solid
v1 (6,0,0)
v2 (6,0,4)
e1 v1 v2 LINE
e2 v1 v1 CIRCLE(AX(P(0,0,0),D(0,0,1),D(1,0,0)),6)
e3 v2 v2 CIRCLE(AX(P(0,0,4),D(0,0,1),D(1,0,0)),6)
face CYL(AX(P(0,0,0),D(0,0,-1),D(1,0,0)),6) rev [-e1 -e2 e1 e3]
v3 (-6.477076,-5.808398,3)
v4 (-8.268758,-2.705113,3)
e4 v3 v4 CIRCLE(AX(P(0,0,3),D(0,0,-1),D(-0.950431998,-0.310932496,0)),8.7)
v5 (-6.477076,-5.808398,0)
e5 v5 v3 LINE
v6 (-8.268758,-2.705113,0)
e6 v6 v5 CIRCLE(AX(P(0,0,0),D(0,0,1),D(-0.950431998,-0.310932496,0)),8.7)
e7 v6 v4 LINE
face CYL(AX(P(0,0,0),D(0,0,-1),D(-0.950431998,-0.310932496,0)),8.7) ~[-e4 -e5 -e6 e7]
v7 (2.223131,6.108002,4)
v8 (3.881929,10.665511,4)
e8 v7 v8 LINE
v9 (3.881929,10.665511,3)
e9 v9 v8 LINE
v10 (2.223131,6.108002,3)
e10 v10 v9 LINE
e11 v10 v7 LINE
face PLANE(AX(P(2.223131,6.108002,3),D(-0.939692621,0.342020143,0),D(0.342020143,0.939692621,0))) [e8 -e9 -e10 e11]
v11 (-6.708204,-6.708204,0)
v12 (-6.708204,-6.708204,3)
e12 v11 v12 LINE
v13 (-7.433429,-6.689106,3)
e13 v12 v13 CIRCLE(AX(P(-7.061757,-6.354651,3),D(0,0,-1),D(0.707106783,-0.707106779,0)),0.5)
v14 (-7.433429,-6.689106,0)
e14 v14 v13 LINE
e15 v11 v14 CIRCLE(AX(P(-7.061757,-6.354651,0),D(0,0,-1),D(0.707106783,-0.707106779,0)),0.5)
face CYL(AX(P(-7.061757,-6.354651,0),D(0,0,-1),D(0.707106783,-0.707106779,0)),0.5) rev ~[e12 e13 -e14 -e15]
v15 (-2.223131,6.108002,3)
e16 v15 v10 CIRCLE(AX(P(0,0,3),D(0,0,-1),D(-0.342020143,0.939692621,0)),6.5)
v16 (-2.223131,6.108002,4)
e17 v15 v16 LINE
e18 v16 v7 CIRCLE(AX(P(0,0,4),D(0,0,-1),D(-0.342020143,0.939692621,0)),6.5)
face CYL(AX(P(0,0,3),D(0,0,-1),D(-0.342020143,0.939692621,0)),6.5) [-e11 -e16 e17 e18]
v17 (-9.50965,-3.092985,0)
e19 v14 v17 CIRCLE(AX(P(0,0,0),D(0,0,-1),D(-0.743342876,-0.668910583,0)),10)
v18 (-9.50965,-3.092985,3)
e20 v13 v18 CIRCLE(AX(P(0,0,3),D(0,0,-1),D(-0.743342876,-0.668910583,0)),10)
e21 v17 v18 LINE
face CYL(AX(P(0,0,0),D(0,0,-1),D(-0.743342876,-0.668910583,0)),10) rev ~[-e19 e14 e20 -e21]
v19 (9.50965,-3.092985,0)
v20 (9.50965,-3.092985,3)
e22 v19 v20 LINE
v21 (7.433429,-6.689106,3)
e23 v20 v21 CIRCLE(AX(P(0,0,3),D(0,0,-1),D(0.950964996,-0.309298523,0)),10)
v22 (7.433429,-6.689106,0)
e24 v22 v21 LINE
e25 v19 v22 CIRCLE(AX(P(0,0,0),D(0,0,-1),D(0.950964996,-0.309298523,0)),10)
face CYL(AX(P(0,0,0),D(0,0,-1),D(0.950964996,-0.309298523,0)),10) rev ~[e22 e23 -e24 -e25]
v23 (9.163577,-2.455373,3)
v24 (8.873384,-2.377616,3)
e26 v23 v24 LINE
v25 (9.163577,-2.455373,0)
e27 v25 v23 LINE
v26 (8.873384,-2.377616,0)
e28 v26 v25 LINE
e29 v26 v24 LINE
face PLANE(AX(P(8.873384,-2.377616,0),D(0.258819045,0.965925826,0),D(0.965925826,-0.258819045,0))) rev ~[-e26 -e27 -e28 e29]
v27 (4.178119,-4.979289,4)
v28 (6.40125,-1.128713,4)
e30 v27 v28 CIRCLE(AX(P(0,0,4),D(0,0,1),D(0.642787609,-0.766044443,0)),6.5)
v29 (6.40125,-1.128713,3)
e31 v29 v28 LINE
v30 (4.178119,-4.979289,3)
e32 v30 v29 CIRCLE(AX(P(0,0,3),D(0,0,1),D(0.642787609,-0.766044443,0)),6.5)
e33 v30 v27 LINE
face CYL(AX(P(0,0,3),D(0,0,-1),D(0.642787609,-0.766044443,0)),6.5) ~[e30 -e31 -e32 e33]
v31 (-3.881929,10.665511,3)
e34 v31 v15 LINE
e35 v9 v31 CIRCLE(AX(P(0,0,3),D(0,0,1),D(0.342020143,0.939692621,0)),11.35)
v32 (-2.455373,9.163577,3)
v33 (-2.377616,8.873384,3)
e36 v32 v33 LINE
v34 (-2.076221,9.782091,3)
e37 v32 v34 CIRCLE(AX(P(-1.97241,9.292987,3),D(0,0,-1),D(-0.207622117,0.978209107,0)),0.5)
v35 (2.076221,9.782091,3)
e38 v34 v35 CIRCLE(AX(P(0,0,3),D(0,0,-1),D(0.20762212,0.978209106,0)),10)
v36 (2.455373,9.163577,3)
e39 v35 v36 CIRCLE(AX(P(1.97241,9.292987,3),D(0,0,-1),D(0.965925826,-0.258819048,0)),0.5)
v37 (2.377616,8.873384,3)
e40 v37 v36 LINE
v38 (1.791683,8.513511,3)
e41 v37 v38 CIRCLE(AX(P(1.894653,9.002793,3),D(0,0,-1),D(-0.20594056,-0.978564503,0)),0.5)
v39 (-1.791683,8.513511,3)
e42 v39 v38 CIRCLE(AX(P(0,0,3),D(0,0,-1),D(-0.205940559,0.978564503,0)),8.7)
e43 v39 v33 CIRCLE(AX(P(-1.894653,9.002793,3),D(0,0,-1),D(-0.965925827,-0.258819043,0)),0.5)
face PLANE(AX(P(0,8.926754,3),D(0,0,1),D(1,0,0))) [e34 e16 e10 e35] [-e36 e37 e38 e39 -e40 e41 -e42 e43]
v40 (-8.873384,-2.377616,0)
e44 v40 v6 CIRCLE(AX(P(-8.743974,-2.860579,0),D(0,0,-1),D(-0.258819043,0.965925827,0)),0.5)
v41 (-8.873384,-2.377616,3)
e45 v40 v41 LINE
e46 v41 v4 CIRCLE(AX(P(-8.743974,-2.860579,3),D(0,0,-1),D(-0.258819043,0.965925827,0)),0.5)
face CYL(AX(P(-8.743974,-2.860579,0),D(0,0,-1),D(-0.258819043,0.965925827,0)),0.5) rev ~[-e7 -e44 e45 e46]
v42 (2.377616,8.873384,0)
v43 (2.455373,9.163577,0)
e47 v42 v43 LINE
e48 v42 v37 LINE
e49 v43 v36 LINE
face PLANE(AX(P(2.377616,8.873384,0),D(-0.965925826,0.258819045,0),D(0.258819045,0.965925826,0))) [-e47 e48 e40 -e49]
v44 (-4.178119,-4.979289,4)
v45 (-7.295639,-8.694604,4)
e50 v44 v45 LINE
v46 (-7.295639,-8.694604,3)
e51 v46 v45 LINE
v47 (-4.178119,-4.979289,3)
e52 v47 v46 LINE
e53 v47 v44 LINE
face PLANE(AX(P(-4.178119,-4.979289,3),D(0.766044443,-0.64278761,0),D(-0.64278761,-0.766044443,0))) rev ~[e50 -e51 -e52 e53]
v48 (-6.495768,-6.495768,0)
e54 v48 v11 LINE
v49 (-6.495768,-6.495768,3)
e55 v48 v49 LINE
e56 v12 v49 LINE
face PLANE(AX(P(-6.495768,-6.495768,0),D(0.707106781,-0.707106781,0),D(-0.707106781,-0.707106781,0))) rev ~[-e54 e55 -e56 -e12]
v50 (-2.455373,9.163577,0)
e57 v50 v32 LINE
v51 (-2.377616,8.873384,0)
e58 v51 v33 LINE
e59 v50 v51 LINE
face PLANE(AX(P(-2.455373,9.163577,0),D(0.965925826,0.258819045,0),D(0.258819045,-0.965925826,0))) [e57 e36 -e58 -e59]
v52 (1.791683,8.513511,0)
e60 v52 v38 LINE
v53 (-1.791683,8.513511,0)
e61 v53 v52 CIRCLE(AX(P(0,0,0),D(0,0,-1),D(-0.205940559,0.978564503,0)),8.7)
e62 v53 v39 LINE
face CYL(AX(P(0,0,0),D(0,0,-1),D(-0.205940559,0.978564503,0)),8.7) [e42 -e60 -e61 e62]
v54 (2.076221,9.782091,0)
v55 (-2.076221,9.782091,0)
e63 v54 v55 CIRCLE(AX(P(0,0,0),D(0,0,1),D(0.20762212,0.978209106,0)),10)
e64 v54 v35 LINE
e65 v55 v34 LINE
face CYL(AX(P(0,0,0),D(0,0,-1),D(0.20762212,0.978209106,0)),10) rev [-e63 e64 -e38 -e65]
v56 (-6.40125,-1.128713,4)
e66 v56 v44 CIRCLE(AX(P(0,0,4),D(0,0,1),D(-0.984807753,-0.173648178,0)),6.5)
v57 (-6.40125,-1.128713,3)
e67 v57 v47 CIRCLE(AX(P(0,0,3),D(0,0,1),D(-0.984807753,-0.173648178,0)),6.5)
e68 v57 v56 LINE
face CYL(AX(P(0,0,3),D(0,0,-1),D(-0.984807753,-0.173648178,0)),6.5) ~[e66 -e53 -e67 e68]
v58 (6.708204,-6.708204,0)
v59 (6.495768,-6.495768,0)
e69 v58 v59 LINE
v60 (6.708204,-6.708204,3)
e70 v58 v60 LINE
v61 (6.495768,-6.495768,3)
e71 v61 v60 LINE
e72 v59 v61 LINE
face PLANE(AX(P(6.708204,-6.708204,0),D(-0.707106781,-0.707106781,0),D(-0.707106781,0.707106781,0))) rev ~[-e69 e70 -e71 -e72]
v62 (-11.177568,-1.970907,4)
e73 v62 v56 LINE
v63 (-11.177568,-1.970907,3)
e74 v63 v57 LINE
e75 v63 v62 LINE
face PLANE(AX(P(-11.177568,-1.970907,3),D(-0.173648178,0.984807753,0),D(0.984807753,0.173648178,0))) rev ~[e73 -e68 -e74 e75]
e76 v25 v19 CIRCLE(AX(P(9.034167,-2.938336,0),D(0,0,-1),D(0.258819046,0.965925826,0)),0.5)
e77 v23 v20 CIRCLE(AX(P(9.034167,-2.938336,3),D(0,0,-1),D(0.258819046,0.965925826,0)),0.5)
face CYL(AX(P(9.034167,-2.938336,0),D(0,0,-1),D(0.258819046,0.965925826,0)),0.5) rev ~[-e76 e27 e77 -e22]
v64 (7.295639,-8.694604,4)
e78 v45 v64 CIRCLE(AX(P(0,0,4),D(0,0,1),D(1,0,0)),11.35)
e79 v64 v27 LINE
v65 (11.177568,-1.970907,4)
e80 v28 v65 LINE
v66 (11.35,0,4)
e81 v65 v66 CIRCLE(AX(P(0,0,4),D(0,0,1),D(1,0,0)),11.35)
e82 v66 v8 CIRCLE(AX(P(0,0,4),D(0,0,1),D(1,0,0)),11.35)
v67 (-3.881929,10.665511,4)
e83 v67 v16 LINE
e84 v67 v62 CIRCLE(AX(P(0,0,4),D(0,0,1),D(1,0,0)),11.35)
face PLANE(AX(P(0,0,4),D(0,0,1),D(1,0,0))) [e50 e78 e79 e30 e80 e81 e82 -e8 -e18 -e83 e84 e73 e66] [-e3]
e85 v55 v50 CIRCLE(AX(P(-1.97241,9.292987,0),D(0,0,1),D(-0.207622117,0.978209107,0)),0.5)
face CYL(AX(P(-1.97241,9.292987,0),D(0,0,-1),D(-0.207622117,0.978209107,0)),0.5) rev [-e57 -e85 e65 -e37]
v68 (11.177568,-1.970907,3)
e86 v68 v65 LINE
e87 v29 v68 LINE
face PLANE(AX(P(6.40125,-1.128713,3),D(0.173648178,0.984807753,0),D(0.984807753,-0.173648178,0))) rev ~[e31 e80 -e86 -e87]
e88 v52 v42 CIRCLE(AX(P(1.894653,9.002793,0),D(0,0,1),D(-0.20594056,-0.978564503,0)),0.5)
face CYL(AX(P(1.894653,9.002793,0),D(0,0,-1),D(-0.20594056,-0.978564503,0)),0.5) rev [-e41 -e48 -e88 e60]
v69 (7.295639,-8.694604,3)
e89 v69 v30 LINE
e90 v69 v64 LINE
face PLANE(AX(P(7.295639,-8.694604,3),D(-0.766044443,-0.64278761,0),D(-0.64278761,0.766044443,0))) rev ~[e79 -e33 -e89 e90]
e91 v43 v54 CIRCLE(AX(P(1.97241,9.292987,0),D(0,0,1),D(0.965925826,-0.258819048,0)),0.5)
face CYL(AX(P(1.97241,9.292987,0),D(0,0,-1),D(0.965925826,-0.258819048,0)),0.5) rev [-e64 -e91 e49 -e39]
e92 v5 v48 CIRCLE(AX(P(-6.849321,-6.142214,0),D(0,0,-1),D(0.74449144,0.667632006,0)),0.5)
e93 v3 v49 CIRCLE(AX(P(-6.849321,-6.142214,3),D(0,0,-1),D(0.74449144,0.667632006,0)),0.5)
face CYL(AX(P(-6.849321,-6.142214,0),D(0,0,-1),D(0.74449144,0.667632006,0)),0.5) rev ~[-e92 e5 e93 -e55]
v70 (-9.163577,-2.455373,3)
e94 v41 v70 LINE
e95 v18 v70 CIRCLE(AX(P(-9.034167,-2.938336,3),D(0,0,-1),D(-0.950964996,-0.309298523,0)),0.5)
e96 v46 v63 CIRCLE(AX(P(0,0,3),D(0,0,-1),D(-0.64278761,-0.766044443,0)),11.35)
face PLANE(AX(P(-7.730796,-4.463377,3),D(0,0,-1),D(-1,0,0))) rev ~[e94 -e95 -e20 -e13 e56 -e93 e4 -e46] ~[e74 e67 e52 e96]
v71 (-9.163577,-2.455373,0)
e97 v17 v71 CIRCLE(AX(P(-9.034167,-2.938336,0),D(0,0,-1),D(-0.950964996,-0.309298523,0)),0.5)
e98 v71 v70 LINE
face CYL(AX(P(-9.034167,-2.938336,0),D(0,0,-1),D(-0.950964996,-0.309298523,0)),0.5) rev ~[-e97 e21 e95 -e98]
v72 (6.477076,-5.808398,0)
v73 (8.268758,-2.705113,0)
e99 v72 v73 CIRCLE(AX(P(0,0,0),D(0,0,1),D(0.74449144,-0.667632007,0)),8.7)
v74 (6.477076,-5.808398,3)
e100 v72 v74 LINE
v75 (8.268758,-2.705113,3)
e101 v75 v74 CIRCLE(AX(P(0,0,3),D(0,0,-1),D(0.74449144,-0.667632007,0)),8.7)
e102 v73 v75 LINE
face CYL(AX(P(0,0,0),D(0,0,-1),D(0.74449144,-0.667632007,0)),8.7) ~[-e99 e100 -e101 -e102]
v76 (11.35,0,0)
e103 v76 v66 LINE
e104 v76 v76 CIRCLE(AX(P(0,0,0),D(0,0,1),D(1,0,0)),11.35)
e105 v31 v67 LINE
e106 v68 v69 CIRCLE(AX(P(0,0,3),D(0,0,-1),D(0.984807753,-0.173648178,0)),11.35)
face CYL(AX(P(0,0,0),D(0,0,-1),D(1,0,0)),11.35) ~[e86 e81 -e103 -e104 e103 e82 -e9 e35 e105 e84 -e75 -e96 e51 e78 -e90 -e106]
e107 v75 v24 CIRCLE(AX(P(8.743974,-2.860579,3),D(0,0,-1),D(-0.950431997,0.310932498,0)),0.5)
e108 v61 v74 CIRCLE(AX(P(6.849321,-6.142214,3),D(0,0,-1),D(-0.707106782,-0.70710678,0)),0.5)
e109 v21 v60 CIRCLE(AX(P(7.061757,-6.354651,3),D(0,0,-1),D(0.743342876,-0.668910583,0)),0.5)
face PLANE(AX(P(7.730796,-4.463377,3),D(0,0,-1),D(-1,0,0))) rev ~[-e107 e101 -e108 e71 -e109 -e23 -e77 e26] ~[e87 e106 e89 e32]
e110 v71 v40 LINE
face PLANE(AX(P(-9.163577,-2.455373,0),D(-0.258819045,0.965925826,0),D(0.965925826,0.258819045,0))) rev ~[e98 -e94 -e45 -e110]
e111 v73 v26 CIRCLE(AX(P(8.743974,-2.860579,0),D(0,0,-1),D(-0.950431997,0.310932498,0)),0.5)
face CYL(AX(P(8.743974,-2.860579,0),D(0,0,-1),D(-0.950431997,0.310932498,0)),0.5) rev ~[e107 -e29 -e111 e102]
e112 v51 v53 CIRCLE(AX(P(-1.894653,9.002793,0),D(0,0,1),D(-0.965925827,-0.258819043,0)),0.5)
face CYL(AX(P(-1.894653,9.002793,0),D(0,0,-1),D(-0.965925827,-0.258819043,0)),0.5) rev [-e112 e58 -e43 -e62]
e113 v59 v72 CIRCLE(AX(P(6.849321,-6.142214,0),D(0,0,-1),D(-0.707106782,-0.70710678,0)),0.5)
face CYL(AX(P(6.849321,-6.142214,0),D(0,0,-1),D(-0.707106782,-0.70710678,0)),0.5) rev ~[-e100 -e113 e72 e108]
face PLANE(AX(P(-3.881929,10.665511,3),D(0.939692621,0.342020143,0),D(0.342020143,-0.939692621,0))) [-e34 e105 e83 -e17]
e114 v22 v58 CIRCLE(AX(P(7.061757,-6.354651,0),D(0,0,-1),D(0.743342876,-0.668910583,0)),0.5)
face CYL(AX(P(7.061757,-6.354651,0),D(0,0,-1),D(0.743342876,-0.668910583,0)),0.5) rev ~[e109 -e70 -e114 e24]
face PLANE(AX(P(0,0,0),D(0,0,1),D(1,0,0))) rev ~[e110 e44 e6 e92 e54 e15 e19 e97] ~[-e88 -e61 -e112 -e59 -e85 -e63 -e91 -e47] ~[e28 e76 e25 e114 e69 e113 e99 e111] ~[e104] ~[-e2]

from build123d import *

# Parameters (mm, degrees)
CROQUIS1_R              = 11.35
CROQUIS1_R_2            = 6
SALIENTE_EXTRUIR1_DEPTH = 4
CORTAR_EXTRUIR1_START   = -1
CORTAR_EXTRUIR1_DEPTH   = 1


with BuildPart() as part:
    # Croquis1 → Saliente-Extruir1 (new body)
    with BuildSketch(Plane.XY):
        Circle(CROQUIS1_R)
        Circle(CROQUIS1_R_2, mode=Mode.SUBTRACT)
        with BuildLine():
            Line((2.377616051, 8.873383904), (2.455373053, 9.163576986))
            ThreePointArc((2.455373053, 9.163576986), (2.398691549, 9.55429889), (2.0762212, 9.782091061))
            ThreePointArc((2.0762212, 9.782091061), (0, 10), (-2.0762212, 9.782091061))
            ThreePointArc((-2.0762212, 9.782091061), (-2.398691549, 9.55429889), (-2.455373053, 9.163576986))
            Line((-2.455373053, 9.163576986), (-2.377616051, 8.873383904))
            ThreePointArc((-2.377616051, 8.873383904), (-2.15633175, 8.576736735), (-1.791682859, 8.513511175))
            ThreePointArc((-1.791682859, 8.513511175), (0, 8.7), (1.791682859, 8.513511175))
            ThreePointArc((1.791682859, 8.513511175), (2.15633175, 8.576736735), (2.377616051, 8.873383904))
        make_face(mode=Mode.SUBTRACT)
        with BuildLine():
            Line((8.873383904, -2.377616051), (9.163576986, -2.455373053))
            ThreePointArc((9.163576986, -2.455373053), (9.473611328, -2.699821628), (9.509649961, -3.092985228))
            ThreePointArc((9.509649961, -3.092985228), (8.660254038, -5), (7.433428761, -6.689105834))
            ThreePointArc((7.433428761, -6.689105834), (7.074919779, -6.854477262), (6.708203932, -6.708203932))
            Line((6.708203932, -6.708203932), (6.495767853, -6.495767853))
            ThreePointArc((6.495767853, -6.495767853), (6.34950602, -6.155806442), (6.477075524, -5.808398459))
            ThreePointArc((6.477075524, -5.808398459), (7.534421013, -4.35), (8.268758383, -2.705112716))
            ThreePointArc((8.268758383, -2.705112716), (8.505837769, -2.420930294), (8.873383904, -2.377616051))
        make_face(mode=Mode.SUBTRACT)
        with BuildLine():
            Line((-6.495767853, -6.495767853), (-6.708203932, -6.708203932))
            ThreePointArc((-6.708203932, -6.708203932), (-7.074919779, -6.854477262), (-7.433428761, -6.689105834))
            ThreePointArc((-7.433428761, -6.689105834), (-8.660254038, -5), (-9.509649961, -3.092985228))
            ThreePointArc((-9.509649961, -3.092985228), (-9.473611328, -2.699821628), (-9.163576986, -2.455373053))
            Line((-9.163576986, -2.455373053), (-8.873383904, -2.377616051))
            ThreePointArc((-8.873383904, -2.377616051), (-8.505837769, -2.420930294), (-8.268758383, -2.705112716))
            ThreePointArc((-8.268758383, -2.705112716), (-7.534421013, -4.35), (-6.477075524, -5.808398459))
            ThreePointArc((-6.477075524, -5.808398459), (-6.34950602, -6.155806442), (-6.495767853, -6.495767853))
        make_face(mode=Mode.SUBTRACT)
    extrude(amount=SALIENTE_EXTRUIR1_DEPTH)

    # Croquis2 → Cortar-Extruir1 (cut)
    with BuildSketch(Plane.XY.offset(4).offset(CORTAR_EXTRUIR1_START)):
        with BuildLine():
            Line((2.223130932, 6.108002035), (3.881928627, 10.665511246))
            ThreePointArc((3.881928627, 10.665511246), (0, 11.35), (-3.881928627, 10.665511246))
            Line((-3.881928627, 10.665511246), (-2.223130932, 6.108002035))
            ThreePointArc((-2.223130932, 6.108002035), (0, 6.5), (2.223130932, 6.108002035))
        make_face()
        with BuildLine():
            Line((6.401250395, -1.128713155), (11.177567997, -1.970906817))
            ThreePointArc((11.177567997, -1.970906817), (9.829388333, -5.675), (7.29563937, -8.694604429))
            Line((7.29563937, -8.694604429), (4.178119463, -4.97928888))
            ThreePointArc((4.178119463, -4.97928888), (5.629165125, -3.25), (6.401250395, -1.128713155))
        make_face()
        with BuildLine():
            Line((-4.178119463, -4.97928888), (-7.29563937, -8.694604429))
            ThreePointArc((-7.29563937, -8.694604429), (-9.829388333, -5.675), (-11.177567997, -1.970906817))
            Line((-11.177567997, -1.970906817), (-6.401250395, -1.128713155))
            ThreePointArc((-6.401250395, -1.128713155), (-5.629165125, -3.25), (-4.178119463, -4.97928888))
        make_face()
    extrude(amount=CORTAR_EXTRUIR1_DEPTH, mode=Mode.SUBTRACT)


solid = part.part
